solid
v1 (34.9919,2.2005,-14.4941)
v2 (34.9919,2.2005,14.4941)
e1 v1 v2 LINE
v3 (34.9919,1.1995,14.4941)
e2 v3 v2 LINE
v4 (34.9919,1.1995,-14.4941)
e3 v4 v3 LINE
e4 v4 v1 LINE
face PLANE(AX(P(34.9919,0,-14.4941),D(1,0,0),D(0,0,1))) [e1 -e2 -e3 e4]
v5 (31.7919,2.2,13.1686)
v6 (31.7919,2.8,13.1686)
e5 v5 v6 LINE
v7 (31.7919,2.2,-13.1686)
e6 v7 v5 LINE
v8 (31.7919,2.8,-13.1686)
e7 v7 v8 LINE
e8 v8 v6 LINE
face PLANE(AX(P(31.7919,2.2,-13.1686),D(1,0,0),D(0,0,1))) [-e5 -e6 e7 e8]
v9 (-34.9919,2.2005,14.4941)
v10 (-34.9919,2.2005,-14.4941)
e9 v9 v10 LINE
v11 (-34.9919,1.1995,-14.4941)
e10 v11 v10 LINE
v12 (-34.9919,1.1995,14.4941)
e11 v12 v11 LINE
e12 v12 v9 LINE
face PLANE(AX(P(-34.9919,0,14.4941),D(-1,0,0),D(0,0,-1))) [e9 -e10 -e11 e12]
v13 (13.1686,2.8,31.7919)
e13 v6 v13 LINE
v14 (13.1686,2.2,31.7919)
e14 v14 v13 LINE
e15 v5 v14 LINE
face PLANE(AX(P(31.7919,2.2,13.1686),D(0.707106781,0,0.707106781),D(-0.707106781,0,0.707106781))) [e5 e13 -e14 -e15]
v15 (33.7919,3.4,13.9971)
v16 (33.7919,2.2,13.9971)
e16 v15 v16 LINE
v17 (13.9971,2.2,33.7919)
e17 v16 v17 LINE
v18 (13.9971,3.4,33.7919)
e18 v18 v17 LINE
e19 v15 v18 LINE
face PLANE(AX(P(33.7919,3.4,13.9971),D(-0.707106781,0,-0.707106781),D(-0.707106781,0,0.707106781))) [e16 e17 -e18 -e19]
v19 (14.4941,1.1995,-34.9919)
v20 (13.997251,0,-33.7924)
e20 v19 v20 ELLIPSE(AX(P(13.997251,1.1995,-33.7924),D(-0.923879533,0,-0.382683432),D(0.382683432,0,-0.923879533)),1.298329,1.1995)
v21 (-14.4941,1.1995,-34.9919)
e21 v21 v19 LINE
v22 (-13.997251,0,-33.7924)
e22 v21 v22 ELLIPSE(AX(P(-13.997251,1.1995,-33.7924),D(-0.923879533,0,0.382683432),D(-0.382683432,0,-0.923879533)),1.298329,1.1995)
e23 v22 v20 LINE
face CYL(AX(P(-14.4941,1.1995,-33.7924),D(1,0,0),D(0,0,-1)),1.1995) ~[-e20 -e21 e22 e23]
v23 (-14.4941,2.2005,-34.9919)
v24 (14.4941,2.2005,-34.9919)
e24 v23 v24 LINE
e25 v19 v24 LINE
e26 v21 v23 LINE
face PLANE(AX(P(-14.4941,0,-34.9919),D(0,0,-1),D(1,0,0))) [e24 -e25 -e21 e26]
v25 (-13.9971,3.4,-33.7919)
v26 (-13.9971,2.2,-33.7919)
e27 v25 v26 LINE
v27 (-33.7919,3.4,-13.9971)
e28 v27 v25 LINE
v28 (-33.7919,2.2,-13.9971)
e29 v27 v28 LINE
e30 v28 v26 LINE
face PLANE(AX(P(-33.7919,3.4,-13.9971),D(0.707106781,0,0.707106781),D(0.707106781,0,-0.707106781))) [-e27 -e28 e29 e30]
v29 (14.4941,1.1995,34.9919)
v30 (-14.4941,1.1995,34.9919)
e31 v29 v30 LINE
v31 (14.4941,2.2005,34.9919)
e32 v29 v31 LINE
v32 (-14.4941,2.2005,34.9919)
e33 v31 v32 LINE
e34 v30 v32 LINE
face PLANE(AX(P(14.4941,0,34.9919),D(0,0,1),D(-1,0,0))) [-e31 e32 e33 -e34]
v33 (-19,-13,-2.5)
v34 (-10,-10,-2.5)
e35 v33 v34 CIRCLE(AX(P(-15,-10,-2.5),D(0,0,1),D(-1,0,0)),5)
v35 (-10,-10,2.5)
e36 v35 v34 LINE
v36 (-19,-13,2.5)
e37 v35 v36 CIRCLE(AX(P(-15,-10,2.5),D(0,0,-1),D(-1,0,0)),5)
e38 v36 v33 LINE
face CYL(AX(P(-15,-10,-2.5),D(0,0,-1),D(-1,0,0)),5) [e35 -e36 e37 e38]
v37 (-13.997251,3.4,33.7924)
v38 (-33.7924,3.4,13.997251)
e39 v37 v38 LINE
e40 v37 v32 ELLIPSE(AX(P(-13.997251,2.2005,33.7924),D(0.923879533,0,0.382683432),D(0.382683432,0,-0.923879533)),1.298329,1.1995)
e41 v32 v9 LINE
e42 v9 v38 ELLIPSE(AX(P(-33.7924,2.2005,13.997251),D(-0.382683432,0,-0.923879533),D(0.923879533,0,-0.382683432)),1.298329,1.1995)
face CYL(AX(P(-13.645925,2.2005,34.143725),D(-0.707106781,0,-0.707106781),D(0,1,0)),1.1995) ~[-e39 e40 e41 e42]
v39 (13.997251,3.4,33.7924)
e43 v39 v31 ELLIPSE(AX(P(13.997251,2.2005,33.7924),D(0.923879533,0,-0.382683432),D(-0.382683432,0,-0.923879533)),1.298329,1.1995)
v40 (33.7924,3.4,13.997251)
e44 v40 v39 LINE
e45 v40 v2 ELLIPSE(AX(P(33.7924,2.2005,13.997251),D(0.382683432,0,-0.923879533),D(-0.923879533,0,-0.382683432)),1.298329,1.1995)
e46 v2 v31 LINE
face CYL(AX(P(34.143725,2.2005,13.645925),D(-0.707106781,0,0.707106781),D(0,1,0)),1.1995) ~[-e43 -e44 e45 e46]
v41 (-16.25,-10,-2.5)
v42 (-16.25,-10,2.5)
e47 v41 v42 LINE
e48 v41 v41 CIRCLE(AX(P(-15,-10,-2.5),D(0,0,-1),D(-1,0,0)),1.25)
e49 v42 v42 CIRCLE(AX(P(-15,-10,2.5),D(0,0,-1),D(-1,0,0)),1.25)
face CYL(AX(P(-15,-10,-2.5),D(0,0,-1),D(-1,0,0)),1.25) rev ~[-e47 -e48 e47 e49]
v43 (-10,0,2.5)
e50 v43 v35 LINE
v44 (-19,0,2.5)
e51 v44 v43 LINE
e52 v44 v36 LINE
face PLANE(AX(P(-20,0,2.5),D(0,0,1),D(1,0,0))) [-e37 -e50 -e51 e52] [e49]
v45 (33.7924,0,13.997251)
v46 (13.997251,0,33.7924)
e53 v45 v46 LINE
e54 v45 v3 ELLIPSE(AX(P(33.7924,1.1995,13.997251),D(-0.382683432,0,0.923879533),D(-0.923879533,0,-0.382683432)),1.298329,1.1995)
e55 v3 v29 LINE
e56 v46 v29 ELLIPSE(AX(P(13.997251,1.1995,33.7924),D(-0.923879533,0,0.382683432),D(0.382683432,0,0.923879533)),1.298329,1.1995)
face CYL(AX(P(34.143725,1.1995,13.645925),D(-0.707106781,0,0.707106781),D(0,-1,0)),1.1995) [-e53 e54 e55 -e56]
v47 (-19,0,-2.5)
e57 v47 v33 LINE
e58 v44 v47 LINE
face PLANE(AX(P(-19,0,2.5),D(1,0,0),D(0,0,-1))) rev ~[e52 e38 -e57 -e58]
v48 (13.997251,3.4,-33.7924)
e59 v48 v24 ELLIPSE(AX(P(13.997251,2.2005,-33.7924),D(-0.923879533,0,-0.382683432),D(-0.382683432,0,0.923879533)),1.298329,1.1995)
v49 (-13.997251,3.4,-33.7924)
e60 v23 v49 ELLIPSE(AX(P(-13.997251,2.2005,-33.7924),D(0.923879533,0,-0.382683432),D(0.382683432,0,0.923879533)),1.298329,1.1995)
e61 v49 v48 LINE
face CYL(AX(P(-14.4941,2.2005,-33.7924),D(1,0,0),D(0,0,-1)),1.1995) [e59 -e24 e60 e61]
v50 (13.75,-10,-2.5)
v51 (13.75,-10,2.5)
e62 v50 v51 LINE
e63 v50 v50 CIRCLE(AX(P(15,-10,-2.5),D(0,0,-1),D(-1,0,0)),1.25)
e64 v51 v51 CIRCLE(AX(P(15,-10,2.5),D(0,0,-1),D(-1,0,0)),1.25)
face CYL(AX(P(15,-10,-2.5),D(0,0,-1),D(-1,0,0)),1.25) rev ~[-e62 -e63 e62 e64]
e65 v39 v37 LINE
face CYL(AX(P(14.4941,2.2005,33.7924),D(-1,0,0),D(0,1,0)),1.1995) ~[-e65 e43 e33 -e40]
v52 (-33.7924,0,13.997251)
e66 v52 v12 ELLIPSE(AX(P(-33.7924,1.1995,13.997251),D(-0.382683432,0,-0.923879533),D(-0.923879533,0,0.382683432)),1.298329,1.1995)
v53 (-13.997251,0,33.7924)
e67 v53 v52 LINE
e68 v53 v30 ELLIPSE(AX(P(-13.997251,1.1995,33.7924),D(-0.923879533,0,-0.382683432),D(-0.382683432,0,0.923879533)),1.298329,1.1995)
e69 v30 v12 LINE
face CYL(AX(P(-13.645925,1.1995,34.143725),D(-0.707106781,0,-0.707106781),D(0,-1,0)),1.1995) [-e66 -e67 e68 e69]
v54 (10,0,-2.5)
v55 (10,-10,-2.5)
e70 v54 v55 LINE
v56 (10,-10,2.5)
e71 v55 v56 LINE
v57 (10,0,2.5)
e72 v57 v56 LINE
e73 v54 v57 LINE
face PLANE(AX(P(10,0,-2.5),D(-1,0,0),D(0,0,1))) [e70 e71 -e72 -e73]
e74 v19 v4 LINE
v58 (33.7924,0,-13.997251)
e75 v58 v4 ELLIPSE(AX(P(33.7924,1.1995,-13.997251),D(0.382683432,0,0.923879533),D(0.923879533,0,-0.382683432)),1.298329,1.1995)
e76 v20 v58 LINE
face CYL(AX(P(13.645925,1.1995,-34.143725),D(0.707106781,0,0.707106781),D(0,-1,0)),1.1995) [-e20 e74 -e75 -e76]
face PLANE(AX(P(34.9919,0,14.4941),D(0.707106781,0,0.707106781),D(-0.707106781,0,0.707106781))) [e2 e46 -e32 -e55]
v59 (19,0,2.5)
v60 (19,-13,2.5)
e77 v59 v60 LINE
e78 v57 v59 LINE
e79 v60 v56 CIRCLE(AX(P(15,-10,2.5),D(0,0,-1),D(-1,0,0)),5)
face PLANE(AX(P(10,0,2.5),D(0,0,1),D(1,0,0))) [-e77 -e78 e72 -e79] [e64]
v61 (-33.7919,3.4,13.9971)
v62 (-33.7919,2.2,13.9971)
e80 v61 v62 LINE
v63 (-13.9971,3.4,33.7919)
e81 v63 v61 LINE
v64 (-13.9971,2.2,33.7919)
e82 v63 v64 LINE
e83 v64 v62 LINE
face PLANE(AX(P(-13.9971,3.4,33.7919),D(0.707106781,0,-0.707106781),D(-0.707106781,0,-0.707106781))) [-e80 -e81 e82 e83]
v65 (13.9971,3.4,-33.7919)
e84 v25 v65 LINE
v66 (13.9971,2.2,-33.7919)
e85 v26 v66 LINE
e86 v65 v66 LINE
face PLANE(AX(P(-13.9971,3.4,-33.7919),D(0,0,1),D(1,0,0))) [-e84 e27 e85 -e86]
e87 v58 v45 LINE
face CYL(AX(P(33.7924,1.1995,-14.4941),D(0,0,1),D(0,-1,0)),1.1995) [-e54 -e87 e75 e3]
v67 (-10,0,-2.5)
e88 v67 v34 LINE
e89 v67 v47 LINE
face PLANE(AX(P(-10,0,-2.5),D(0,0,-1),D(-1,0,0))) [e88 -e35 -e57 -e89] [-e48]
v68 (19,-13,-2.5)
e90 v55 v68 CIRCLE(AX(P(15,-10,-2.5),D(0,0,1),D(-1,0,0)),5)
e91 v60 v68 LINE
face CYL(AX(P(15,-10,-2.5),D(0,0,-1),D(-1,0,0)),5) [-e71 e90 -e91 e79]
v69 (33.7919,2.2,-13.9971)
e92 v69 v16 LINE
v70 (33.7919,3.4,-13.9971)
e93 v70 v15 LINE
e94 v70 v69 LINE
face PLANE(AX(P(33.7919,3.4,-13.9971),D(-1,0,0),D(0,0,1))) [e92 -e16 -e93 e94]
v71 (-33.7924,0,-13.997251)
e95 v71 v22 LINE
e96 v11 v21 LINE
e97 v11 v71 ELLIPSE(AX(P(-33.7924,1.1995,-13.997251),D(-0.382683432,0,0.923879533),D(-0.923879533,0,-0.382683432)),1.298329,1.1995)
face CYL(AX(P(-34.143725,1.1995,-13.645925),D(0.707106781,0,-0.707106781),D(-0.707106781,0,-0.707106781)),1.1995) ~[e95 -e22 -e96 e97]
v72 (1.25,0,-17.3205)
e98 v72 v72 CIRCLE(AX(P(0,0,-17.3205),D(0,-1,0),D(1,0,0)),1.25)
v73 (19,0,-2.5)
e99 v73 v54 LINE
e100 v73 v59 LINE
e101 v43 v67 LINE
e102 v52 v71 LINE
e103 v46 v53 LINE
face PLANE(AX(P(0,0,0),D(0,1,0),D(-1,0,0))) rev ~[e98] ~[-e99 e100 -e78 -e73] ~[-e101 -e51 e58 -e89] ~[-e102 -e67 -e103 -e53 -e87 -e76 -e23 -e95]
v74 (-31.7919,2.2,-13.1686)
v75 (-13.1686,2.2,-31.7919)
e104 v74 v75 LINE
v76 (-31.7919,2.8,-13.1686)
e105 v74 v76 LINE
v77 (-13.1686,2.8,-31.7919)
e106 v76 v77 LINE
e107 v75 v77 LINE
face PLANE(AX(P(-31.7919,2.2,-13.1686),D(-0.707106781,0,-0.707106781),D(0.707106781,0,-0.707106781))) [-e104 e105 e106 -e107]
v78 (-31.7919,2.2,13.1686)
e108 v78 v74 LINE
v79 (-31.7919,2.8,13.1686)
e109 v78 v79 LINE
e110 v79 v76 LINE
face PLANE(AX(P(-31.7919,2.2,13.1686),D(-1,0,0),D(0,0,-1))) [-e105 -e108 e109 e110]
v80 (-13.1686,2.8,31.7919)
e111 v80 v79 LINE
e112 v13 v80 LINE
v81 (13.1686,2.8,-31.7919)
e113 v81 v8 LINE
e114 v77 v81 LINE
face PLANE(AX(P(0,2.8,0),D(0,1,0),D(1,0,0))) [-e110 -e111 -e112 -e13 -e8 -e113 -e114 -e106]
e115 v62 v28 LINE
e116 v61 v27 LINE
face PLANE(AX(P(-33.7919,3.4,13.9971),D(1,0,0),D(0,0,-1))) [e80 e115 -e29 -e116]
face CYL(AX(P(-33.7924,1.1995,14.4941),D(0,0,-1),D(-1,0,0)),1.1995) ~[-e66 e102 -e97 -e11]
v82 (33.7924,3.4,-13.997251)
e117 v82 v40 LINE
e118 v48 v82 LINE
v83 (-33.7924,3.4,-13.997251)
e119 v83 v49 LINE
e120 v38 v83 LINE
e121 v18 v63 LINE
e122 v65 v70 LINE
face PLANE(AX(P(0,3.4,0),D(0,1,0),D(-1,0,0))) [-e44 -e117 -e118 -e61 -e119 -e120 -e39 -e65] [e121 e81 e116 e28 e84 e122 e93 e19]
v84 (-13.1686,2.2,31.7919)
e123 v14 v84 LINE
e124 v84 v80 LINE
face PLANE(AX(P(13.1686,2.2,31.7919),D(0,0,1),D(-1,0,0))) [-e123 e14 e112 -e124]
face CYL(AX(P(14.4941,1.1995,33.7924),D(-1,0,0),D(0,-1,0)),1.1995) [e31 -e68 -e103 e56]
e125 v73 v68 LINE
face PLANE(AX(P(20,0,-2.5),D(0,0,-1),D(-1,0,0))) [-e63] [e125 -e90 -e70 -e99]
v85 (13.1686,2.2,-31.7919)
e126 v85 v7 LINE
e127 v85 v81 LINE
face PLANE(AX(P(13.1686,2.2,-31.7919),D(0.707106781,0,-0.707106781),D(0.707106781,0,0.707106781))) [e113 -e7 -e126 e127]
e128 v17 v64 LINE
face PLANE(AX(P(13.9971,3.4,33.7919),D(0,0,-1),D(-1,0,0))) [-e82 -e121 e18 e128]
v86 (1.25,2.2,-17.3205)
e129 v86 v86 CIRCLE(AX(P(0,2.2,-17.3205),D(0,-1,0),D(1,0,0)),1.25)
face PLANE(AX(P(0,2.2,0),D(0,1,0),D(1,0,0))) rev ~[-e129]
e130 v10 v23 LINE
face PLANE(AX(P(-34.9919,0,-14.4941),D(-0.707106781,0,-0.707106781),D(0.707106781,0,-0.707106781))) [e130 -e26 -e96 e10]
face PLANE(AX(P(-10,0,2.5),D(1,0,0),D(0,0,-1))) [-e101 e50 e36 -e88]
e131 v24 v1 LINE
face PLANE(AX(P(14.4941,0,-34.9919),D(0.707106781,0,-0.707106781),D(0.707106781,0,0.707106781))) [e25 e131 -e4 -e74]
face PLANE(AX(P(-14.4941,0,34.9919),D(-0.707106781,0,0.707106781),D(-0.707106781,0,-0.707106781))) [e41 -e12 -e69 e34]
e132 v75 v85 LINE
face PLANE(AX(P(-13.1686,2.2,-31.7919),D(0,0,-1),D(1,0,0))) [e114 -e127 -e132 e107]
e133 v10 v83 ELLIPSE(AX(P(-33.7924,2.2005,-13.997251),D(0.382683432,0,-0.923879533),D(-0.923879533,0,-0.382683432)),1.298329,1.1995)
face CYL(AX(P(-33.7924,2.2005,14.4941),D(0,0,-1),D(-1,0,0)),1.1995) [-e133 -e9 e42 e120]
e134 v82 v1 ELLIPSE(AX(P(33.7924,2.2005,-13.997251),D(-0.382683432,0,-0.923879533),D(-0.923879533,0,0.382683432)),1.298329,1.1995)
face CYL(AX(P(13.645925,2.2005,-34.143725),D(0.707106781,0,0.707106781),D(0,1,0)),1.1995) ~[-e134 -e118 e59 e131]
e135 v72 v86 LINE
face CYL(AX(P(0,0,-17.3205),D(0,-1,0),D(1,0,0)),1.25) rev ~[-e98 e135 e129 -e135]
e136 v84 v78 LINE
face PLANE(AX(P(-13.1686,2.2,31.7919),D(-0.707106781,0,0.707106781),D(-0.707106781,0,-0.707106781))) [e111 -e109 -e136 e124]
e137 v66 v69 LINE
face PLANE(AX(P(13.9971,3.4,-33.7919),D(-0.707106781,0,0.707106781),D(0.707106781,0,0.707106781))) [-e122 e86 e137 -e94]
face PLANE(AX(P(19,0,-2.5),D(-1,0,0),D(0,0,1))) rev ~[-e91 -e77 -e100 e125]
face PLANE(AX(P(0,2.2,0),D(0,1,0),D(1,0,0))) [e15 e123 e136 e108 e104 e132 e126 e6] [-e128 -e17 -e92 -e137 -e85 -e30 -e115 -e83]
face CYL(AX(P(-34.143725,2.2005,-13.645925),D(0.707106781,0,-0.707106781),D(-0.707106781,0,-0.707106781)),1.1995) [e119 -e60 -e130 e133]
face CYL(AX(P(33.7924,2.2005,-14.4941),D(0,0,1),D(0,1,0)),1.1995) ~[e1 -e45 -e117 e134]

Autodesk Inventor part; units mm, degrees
ref_plane "YZ Plane" through (0, 0, 0) normal (1, 0, 0) x (0, 1, 0)
ref_plane "XZ Plane" through (0, 0, 0) normal (0, 1, 0) x (-1, 0, 0)
ref_plane "XY Plane" through (0, 0, 0) normal (0, 0, 1) x (1, 0, 0)
sketch "스케치3" plane through (0, 0, 0) normal (0, 1, 0) x (-1, 0, 0)
  line L0 (34.9919, -14.4941) -> (14.4941, -34.9919)
  line L1 (14.4941, -34.9919) -> (-14.4941, -34.9919)
  line L2 (-14.4941, -34.9919) -> (-34.9919, -14.4941)
  line L3 (-34.9919, -14.4941) -> (-34.9919, 14.4941)
  line L4 (-34.9919, 14.4941) -> (-14.4941, 34.9919)
  line L5 (-14.4941, 34.9919) -> (14.4941, 34.9919)
  line L6 (14.4941, 34.9919) -> (34.9919, 14.4941)
  line L7 (34.9919, 14.4941) -> (34.9919, -14.4941)
  line L8 (32.5919, -13.5) -> (13.5, -32.5919)
  line L9 (13.5, -32.5919) -> (-13.5, -32.5919)
  line L10 (-13.5, -32.5919) -> (-32.5919, -13.5)
  line L11 (-32.5919, -13.5) -> (-32.5919, 13.5)
  line L12 (-32.5919, 13.5) -> (-13.5, 32.5919)
  line L13 (-13.5, 32.5919) -> (13.5, 32.5919)
  line L14 (13.5, 32.5919) -> (32.5919, 13.5)
  line L15 (32.5919, 13.5) -> (32.5919, -13.5)
  point P0 (0, 0)
  point P1 (0, 0)
  point P2 (0, 0)
  point P3 (0, 0)
  dimension "d43" = 27
  dimension "d44" = 2.4
extrude "돌출2" add sketch "스케치3" along normal blind 3.4 contours L0 L1 L2 L3 L4 L5 L6 L7 | L8 L9 L10 L11 L12 L13 L14 L15
sketch "스케치4" plane through (0, 3.4, 0) normal (0, 1, 0) x (1, 0, 0)
  line L0 (13.5, -32.5919) -> (-13.5, -32.5919)
  line L1 (-13.5, -32.5919) -> (-32.5919, -13.5)
  line L2 (-32.5919, -13.5) -> (-32.5919, 13.5)
  line L3 (-32.5919, 13.5) -> (-13.5, 32.5919)
  line L4 (-13.5, 32.5919) -> (13.5, 32.5919)
  line L5 (13.5, 32.5919) -> (32.5919, 13.5)
  line L6 (32.5919, 13.5) -> (32.5919, -13.5)
  line L7 (32.5919, -13.5) -> (13.5, -32.5919)
  line L8 (-13.9971, 33.7919) -> (13.9971, 33.7919)
  line L9 (13.9971, 33.7919) -> (33.7919, 13.9971)
  line L10 (33.7919, 13.9971) -> (33.7919, -13.9971)
  line L11 (33.7919, -13.9971) -> (13.9971, -33.7919)
  line L12 (13.9971, -33.7919) -> (-13.9971, -33.7919)
  line L13 (-13.9971, -33.7919) -> (-33.7919, -13.9971)
  line L14 (-33.7919, -13.9971) -> (-33.7919, 13.9971)
  line L15 (-33.7919, 13.9971) -> (-13.9971, 33.7919)
  line L16 (-13.1686, 31.7919) -> (13.1686, 31.7919)
  line L17 (13.1686, 31.7919) -> (31.7919, 13.1686)
  line L18 (31.7919, 13.1686) -> (31.7919, -13.1686)
  line L19 (31.7919, -13.1686) -> (13.1686, -31.7919)
  line L20 (13.1686, -31.7919) -> (-13.1686, -31.7919)
  line L21 (-13.1686, -31.7919) -> (-31.7919, -13.1686)
  line L22 (-31.7919, -13.1686) -> (-31.7919, 13.1686)
  line L23 (-31.7919, 13.1686) -> (-13.1686, 31.7919)
  point P0 (0, 0)
  point P1 (0, 0)
  point P2 (0, 0)
  point P3 (0, 0)
  dimension "d7" = 27
  dimension "d42" = 1.2
  dimension "d45" = 0.8
extrude "돌출3" cut sketch "스케치4" against normal blind 1.2 contours L0 L1 L2 L3 L4 L5 L6 L7 | L8 L9 L10 L11 L12 L13 L14 L15 | L16 L17 L18 L19 L20 L21 L22 L23
sketch "스케치5" plane through (0, 0, 0) normal (0, -1, 0) x (1, 0, 0)
  line L0 (10, 2.5) -> (20, 2.5)
  line L1 (20, 2.5) -> (20, -2.5)
  line L2 (20, -2.5) -> (10, -2.5)
  line L3 (10, -2.5) -> (10, 2.5)
  line L4 (10, 2.5) -> (20, -2.5) construction
  line L5 (20, 2.5) -> (10, -2.5) construction
  line L6 (-20, 2.5) -> (-10, 2.5)
  line L7 (-10, 2.5) -> (-10, -2.5)
  line L8 (-10, -2.5) -> (-20, -2.5)
  line L9 (-20, -2.5) -> (-20, 2.5)
  line L10 (-20, 2.5) -> (-10, -2.5) construction
  line L11 (-10, 2.5) -> (-20, -2.5) construction
  point P0 (0, 0)
  point P1 (15, 0)
  point P2 (-15, 0)
  dimension "d11" = 10
  dimension "d12" = 5
  dimension "d13" = 10
  dimension "d16" = 30
extrude "돌출4" add sketch "스케치5" along normal blind 10
sketch "스케치6" plane through (-10, 0, -2.5) normal (0, 0, -1) x (-1, 0, 0)
  circle A0 centre (5, -10) radius 5
  circle A1 centre (-25, -10) radius 5
  line L0 (-20, -10) -> (-30, -10) projected
  line L1 (10, -10) -> (0, -10) projected
  point P0 (-10, 0)
  dimension "d23" = 10
  dimension "d24" = 10
extrude "돌출5" add sketch "스케치6" against normal blind 5
sketch "스케치7" plane through (-10, 0, -2.5) normal (0, 0, -1) x (-1, 0, 0)
  circle A0 centre (5, -10) radius 1.25
  line L0 (10, 0) -> (10, -10) projected
  line L1 (0, 0) -> (10, 0) projected
  line L2 (4.7788, 0) -> (0, 0)
  circle A1 centre (-25, -10) radius 1.25
  point P0 (-10, 0)
  dimension "d27" = 2.5
  dimension "d28" = 5
  dimension "d31" = 30
extrude "돌출6" cut sketch "스케치7" against normal blind 5
sketch "스케치8" plane through (0, 0, 0) normal (0, -1, 0) x (1, 0, 0)
  circle A0 centre (0, -17.3205) radius 1.25
  line L0 (-10, 2.5) -> (-10, -2.5) projected
  point P0 (0, 0)
  point P1 (-10, 0)
  dimension "d38" = 2.5
  dimension "d39" = 17.3205
extrude "돌출7" cut sketch "스케치8" against normal blind 5
sketch "스케치9" plane through (0, 2.2, 0) normal (0, 1, 0) x (1, 0, 0)
  line L0 (-13.1686, 31.7919) -> (13.1686, 31.7919)
  line L1 (13.1686, 31.7919) -> (31.7919, 13.1686)
  line L2 (31.7919, 13.1686) -> (31.7919, -13.1686)
  line L3 (31.7919, -13.1686) -> (13.1686, -31.7919)
  line L4 (13.1686, -31.7919) -> (-13.1686, -31.7919)
  line L5 (-13.1686, -31.7919) -> (-31.7919, -13.1686)
  line L6 (-31.7919, -13.1686) -> (-31.7919, 13.1686)
  line L7 (-31.7919, 13.1686) -> (-13.1686, 31.7919)
  line L8 (-13.9971, 33.7919) -> (13.9971, 33.7919) projected
  line L9 (-11.926, 28.7919) -> (11.926, 28.7919)
  line L10 (11.926, 28.7919) -> (28.7919, 11.926)
  line L11 (28.7919, 11.926) -> (28.7919, -11.926)
  line L12 (28.7919, -11.926) -> (11.926, -28.7919)
  line L13 (11.926, -28.7919) -> (-11.926, -28.7919)
  line L14 (-11.926, -28.7919) -> (-28.7919, -11.926)
  line L15 (-28.7919, -11.926) -> (-28.7919, 11.926)
  line L16 (-28.7919, 11.926) -> (-11.926, 28.7919)
  point P0 (0, 0)
  point P1 (0, 0)
  point P2 (0, 0)
  dimension "d46" = 2
  dimension "d47" = 3
extrude "돌출8" add sketch "스케치9" along normal blind 0.6 contours L0 L1 L2 L3 L4 L5 L6 L7 | L9 L10 L11 L12 L13 L14 L15 L16
fillet "모깎기1" radius 1.2 16 edges at (-34.9919, 3.4, 0) (-24.743, 3.4, 24.743) (0, 3.4, 34.9919) (24.743, 3.4, 24.743) (34.9919, 3.4, 0) (24.743, 3.4, -24.743) (0, 3.4, -34.9919) (-24.743, 3.4, -24.743) (24.743, 0, 24.743) (0, 0, 34.9919) (-24.743, 0, 24.743) (-34.9919, 0, 0) (-24.743, 0, -24.743) (0, 0, -34.9919) (24.743, 0, -24.743) (34.9919, 0, 0)
sketch "스케치10" plane through (0, 0, 0) normal (0, -1, 0) x (1, 0, 0)
  line L0 (-20, 2.5) -> (-10, 2.5) projected
  line L1 (-10, -2.5) -> (-20, -2.5) projected
  line L2 (-20, 2.5) -> (-19, 2.5)
  line L3 (-19, 2.5) -> (-19, -2.5)
  line L4 (-19, -2.5) -> (-20, -2.5)
  line L5 (-20, -2.5) -> (-20, 2.5)
  line L6 (20, -2.5) -> (10, -2.5) projected
  line L7 (10, 2.5) -> (20, 2.5) projected
  line L8 (20, -2.5) -> (19, -2.5)
  line L9 (19, -2.5) -> (19, 2.5)
  line L10 (19, 2.5) -> (20, 2.5)
  line L11 (20, 2.5) -> (20, -2.5)
  point P0 (0, 0)
  dimension "d54" = 1
  dimension "d55" = 1
extrude "돌출9" cut sketch "스케치10" along normal blind 15
equation "\"d55\" = d54"
properties part number "OV-PAM_top_2"
